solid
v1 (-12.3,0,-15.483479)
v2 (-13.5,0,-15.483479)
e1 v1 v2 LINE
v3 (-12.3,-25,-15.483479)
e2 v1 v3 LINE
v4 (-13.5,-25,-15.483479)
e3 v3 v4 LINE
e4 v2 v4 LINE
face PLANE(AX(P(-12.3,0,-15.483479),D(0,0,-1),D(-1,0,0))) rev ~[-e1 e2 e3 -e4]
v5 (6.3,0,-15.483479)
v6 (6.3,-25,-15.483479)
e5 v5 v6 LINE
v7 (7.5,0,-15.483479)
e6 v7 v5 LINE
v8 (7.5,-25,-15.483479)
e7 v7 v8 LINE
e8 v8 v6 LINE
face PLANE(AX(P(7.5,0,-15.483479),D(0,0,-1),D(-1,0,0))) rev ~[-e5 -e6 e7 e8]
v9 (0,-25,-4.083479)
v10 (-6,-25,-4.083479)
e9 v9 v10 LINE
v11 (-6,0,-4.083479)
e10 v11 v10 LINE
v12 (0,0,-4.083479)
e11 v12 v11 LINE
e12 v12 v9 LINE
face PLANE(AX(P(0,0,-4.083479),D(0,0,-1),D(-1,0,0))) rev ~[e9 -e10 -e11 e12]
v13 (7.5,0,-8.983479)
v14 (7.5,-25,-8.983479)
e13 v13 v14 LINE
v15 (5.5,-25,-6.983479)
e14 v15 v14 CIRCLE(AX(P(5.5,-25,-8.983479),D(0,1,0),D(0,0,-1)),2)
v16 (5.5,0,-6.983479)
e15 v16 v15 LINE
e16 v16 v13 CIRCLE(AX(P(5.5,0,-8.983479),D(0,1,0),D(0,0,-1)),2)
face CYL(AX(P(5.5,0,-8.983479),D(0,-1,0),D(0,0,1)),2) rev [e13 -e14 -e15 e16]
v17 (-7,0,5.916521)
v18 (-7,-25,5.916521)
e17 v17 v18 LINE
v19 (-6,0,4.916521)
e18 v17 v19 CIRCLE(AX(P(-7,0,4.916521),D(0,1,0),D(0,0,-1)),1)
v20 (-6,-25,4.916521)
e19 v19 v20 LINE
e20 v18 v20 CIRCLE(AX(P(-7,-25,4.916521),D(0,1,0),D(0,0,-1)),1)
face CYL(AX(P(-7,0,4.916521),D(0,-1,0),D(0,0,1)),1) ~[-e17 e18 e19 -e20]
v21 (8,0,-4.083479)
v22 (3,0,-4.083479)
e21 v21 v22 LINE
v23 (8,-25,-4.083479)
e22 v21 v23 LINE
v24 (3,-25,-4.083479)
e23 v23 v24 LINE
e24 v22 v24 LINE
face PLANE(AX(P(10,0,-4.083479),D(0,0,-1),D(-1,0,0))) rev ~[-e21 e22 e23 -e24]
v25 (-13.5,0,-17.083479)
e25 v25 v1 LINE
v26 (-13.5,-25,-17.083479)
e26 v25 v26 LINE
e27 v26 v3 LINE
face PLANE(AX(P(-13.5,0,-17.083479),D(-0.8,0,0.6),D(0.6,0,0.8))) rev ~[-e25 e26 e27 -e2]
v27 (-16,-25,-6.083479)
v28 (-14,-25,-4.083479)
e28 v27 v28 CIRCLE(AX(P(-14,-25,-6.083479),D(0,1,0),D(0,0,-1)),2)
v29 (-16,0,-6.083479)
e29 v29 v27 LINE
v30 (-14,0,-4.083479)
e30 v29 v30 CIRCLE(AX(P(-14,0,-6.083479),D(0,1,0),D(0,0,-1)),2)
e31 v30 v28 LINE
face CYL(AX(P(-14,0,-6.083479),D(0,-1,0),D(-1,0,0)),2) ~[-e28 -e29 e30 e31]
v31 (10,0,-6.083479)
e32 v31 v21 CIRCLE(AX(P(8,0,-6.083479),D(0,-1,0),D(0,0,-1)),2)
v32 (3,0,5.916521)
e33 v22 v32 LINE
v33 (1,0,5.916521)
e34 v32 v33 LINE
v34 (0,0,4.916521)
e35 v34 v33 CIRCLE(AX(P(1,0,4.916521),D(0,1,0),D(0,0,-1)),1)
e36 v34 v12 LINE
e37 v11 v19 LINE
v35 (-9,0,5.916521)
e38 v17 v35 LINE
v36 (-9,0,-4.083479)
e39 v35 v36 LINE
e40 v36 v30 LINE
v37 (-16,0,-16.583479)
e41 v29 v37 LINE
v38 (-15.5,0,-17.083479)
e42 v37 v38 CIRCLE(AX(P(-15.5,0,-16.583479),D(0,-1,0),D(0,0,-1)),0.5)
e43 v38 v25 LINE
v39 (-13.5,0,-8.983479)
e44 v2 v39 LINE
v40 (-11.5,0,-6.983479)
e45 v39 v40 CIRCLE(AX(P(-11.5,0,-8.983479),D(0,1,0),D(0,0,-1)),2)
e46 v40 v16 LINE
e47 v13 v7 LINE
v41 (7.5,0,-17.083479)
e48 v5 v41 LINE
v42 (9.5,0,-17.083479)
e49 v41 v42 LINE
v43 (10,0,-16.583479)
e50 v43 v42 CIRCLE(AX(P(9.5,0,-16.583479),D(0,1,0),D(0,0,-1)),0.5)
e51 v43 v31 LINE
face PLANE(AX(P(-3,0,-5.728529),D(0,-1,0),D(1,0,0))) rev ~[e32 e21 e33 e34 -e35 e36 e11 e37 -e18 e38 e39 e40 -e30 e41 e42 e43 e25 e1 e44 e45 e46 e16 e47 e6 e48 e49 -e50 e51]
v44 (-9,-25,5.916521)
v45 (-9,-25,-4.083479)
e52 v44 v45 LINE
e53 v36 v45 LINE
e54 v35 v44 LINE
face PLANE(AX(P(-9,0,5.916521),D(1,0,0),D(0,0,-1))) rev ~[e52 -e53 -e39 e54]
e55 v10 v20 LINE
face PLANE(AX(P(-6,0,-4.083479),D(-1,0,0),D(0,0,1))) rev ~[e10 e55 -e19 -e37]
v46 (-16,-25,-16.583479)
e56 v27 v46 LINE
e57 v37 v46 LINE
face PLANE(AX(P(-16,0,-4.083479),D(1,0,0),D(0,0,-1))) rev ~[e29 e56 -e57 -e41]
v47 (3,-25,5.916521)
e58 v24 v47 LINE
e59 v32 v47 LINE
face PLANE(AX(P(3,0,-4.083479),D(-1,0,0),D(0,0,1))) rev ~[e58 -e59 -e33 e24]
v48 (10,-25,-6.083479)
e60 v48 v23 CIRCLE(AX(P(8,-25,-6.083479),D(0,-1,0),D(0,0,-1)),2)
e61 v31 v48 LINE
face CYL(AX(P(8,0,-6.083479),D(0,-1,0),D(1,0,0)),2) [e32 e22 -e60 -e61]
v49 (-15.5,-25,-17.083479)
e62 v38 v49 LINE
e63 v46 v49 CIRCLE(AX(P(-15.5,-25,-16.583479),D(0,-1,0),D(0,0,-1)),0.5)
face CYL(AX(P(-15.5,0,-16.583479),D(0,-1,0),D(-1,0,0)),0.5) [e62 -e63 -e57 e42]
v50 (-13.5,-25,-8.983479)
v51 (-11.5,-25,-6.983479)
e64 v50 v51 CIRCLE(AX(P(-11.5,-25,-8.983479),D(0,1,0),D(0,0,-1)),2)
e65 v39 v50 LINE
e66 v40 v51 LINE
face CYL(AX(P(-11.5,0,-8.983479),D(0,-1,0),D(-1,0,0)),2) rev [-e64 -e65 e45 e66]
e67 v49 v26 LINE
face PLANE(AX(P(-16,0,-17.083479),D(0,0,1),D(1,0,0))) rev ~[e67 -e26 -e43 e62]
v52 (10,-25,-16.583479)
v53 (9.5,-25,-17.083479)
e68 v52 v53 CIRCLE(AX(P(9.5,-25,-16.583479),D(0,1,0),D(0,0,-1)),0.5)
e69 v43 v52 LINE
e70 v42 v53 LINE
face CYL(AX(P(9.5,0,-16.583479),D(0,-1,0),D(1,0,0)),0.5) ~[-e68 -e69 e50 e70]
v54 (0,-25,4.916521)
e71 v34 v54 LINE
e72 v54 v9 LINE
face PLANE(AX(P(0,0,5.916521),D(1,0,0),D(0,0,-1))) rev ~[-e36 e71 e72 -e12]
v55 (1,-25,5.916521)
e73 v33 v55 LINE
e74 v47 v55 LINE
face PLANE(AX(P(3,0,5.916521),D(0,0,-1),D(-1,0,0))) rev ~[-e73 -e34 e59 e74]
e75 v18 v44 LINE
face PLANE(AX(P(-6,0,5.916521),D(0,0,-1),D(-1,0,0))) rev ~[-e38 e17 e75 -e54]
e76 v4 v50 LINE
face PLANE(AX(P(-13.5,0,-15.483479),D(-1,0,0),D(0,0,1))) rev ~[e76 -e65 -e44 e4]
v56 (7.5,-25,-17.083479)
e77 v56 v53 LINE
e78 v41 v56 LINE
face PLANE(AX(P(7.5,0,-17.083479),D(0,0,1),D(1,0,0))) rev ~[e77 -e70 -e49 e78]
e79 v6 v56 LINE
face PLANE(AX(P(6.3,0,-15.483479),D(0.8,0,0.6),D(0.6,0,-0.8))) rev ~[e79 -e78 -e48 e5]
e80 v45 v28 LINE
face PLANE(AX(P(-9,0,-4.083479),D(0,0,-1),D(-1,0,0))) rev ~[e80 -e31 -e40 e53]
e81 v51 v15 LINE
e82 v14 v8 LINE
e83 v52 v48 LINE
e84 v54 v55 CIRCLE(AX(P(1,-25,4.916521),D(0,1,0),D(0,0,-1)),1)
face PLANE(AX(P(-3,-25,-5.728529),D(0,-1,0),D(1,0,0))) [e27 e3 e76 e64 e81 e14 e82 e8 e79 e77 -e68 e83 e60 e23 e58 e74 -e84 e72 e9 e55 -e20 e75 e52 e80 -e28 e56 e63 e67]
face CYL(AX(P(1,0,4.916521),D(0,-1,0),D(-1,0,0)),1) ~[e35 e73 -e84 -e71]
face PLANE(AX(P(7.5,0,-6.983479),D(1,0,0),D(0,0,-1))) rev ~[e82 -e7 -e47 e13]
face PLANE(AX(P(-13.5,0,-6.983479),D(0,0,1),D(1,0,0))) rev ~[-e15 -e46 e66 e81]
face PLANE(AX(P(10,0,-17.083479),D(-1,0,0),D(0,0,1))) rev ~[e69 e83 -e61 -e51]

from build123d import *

# Parameters (mm, degrees)
F1_DEPTH = 25
F2_R     = 2
F3_R     = 2
F4_R     = 1
F5_R     = 0.5


with BuildPart() as f1:
    # F0 (on Front) → F1 (new body)
    with BuildSketch(Plane.XZ):
        Polygon((-13.5, -15.483479), (-13.5, -6.983479), (7.5, -6.983479), (7.5, -15.483479), (6.3, -15.483479), (7.5, -17.083479), (10, -17.083479), (10, -4.083479), (3, -4.083479), (3, 5.916521), (0, 5.916521), (0, -4.083479), (-6, -4.083479), (-6, 5.916521), (-9, 5.916521), (-9, -4.083479), (-16, -4.083479), (-16, -17.083479), (-13.5, -17.083479), (-12.3, -15.483479), align=None)
    extrude(amount=F1_DEPTH)

    # F2
    f2_edges = [f1.edges().sort_by_distance(p)[0] for p in [
        (-13.5, -12.5, -6.983479),
        (7.5, -12.5, -6.983479),
    ]]
    fillet(f2_edges, radius=F2_R)

    # F3
    f3_edges = [f1.edges().sort_by_distance(p)[0] for p in [
        (10, -12.5, -4.083479),
        (-16, -12.5, -4.083479),
    ]]
    fillet(f3_edges, radius=F3_R)

    # F4
    f4_edges = [f1.edges().sort_by_distance(p)[0] for p in [
        (-6, -12.5, 5.916521),
        (0, -12.5, 5.916521),
    ]]
    fillet(f4_edges, radius=F4_R)

    # F5
    f5_edges = [f1.edges().sort_by_distance(p)[0] for p in [
        (10, -12.5, -17.083479),
        (-16, -12.5, -17.083479),
    ]]
    fillet(f5_edges, radius=F5_R)


solid = f1.part
